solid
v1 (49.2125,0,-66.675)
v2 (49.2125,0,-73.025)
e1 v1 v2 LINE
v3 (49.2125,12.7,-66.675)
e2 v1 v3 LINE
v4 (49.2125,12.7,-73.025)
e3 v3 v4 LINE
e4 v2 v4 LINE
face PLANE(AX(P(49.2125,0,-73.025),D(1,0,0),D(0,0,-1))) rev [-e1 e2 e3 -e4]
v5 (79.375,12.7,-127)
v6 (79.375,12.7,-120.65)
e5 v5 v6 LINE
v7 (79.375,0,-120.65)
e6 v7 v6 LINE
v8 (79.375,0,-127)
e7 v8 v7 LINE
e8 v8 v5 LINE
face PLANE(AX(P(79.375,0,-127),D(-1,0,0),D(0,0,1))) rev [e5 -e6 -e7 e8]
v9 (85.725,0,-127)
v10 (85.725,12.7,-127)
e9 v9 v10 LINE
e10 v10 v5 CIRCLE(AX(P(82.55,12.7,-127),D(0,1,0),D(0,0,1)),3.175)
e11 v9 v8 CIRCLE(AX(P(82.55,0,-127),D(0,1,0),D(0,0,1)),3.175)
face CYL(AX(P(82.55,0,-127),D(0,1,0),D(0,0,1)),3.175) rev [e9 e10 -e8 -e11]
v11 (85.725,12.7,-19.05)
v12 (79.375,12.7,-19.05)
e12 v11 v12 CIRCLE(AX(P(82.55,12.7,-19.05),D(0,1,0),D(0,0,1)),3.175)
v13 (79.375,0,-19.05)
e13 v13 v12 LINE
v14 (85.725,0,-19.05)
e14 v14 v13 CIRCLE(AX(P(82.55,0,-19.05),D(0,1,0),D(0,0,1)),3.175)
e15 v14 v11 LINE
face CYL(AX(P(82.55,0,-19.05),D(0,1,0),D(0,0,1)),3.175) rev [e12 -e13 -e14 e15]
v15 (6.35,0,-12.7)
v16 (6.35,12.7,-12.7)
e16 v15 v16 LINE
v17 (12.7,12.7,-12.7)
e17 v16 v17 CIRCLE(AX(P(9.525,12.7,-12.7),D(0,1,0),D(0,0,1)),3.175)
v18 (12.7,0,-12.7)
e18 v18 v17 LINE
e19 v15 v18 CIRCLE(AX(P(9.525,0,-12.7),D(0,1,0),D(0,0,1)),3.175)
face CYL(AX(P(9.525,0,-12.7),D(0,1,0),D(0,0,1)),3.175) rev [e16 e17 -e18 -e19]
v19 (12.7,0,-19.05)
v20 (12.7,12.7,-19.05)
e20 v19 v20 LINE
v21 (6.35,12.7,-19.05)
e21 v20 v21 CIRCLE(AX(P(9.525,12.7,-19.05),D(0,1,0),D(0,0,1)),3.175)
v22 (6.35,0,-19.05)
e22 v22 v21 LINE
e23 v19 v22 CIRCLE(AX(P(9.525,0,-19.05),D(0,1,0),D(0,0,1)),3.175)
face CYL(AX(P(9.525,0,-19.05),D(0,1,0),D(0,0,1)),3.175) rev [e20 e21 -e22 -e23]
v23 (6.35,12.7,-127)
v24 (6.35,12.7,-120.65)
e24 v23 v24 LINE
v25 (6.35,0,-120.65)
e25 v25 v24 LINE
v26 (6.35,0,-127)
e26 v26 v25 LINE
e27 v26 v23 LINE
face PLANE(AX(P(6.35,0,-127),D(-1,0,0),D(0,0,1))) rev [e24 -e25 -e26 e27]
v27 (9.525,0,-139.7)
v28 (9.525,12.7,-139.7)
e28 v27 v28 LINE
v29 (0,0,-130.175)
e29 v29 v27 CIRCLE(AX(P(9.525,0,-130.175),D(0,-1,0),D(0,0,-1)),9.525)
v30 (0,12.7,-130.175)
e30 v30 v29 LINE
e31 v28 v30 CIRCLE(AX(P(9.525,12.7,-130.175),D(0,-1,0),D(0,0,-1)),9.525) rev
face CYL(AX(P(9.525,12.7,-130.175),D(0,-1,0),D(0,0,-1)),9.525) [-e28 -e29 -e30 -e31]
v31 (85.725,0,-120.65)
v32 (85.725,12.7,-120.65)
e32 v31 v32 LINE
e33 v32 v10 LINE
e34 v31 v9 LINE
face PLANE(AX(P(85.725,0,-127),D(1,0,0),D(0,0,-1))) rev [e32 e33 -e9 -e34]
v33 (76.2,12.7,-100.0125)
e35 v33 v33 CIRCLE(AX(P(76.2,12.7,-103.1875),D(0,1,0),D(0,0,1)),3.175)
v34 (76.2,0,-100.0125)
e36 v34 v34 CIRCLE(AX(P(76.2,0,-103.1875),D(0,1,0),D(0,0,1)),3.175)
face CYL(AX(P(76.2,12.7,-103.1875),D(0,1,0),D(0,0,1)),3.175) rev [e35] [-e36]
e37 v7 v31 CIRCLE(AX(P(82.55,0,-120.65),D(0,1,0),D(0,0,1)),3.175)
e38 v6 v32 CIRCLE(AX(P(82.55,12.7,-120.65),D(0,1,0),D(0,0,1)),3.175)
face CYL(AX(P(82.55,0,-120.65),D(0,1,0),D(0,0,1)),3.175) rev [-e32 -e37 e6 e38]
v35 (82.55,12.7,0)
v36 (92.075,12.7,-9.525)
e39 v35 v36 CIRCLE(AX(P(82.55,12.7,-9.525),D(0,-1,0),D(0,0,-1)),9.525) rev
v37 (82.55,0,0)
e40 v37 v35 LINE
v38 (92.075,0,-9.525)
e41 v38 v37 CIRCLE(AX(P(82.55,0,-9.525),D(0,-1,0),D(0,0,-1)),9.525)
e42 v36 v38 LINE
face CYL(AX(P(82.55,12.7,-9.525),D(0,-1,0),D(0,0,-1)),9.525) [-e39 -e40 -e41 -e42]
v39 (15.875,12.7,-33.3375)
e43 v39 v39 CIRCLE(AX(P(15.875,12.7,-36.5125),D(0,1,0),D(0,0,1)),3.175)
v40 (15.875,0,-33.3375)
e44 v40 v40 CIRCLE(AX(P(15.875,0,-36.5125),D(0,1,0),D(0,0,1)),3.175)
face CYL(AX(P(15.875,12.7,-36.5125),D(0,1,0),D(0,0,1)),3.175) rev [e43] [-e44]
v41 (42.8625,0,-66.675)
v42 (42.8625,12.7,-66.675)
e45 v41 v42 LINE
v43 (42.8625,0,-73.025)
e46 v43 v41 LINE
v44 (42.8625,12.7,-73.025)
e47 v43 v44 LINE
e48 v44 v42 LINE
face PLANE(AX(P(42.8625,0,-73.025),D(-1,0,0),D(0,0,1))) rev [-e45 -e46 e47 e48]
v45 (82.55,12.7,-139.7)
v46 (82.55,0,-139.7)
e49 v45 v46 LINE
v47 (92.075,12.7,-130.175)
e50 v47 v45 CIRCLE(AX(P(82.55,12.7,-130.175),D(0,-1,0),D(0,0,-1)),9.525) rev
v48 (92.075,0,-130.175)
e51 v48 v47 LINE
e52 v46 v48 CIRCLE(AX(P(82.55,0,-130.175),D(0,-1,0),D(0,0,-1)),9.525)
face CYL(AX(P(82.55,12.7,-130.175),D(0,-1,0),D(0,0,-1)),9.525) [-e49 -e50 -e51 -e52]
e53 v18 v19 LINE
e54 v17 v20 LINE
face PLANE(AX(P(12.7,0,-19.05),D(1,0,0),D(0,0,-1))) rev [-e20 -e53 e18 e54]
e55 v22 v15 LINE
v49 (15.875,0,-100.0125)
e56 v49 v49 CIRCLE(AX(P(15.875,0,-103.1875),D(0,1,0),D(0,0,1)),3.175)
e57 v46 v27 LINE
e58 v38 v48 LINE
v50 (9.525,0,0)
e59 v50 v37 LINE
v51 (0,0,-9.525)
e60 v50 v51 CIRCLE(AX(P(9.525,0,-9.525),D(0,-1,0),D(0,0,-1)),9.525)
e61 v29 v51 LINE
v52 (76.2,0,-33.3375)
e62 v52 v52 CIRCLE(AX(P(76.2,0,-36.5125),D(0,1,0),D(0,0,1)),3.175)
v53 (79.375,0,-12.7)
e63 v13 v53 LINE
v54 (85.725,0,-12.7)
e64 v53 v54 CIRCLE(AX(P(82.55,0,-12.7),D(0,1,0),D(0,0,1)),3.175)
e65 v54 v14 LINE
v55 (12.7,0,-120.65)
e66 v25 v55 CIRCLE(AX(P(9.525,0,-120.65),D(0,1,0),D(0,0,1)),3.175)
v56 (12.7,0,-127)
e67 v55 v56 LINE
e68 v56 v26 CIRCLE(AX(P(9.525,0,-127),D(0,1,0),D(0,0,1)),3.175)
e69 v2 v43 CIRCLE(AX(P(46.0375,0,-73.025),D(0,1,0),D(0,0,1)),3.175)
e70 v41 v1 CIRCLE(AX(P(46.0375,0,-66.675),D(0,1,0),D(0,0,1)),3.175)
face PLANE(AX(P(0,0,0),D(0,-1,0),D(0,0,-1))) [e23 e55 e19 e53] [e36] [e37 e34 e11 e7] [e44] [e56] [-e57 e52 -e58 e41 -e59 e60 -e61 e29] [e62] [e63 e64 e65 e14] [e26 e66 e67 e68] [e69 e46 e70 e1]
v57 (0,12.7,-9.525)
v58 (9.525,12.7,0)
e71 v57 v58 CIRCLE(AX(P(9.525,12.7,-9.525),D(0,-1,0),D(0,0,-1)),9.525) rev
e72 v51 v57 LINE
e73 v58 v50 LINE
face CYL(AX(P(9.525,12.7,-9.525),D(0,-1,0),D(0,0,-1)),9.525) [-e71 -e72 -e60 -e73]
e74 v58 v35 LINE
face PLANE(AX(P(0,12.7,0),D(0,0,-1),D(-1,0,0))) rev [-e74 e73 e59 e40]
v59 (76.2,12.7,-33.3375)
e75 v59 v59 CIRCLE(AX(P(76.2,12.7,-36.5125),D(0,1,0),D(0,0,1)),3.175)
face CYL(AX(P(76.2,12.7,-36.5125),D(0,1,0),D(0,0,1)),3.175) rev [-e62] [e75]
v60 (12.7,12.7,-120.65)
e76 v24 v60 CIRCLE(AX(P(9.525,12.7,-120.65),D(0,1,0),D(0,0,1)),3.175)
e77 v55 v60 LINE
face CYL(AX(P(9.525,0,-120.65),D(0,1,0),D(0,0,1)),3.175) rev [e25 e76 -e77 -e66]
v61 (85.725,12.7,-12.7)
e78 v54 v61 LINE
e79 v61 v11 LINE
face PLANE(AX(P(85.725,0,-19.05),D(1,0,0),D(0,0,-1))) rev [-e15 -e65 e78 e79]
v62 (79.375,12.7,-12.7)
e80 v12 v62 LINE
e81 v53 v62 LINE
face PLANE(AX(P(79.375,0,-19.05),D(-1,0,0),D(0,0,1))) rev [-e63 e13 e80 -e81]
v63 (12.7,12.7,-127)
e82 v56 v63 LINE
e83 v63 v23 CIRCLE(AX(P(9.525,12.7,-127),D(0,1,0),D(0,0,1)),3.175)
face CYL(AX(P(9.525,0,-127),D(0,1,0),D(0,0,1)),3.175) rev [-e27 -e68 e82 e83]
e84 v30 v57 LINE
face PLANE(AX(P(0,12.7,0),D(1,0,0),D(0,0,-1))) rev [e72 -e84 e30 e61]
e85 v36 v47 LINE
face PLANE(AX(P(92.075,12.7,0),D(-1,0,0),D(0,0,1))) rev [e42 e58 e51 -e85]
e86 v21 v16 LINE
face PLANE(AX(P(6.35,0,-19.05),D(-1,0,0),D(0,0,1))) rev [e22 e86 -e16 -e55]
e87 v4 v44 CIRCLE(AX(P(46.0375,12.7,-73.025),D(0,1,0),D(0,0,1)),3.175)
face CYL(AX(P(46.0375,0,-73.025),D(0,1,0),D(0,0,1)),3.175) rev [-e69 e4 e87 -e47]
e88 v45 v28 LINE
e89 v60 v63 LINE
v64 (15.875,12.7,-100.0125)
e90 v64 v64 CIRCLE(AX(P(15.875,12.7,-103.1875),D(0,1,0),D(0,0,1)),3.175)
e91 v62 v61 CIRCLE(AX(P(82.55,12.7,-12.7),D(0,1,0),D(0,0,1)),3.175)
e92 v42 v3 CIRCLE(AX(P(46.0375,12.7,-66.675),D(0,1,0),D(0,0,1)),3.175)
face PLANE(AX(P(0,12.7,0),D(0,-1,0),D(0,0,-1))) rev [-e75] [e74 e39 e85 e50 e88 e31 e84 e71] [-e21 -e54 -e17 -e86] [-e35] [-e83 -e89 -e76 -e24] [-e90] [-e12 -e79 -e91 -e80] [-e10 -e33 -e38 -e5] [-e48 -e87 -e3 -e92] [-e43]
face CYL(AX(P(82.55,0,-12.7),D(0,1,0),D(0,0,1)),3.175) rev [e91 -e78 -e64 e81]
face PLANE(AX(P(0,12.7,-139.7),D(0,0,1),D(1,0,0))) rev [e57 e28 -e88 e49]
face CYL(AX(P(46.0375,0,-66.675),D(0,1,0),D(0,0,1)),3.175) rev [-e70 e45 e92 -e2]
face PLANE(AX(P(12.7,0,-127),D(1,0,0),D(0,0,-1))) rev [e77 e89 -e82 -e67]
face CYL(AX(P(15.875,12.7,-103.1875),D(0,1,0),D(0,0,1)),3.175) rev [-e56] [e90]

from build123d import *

# Parameters (mm, degrees)
SKETCH1_W                   = 92.075
SKETCH1_H                   = 139.7
BOSS_EXTRUDE1_DEPTH         = 12.7
F_1_4_0_25_DIAMETER_HOLE1_D = 6.35
CUT_EXTRUDE1_DEPTH          = 12.7
FILLET1_R                   = 9.525


with BuildPart() as part:
    # Sketch1 → Boss-Extrude1 (new body)
    with BuildSketch(Plane(origin=(0, 0, 0), x_dir=(1, 0, 0), z_dir=(0, 1, 0))):
        with Locations((46.0375, 69.85)):
            Rectangle(SKETCH1_W, SKETCH1_H)
    extrude(amount=BOSS_EXTRUDE1_DEPTH)

    # 1/4 (0.25) Diameter Hole1 (through all)
    with Locations(Plane(origin=(0, 12.7, 0), x_dir=(1, 0, 0), z_dir=(0, 1, 0))):
        with Locations((76.2, 36.5125), (46.0375, 69.85), (76.2, 103.1875), (15.875, 36.5125), (15.875, 103.1875)):
            Hole(F_1_4_0_25_DIAMETER_HOLE1_D / 2)

    # Sketch7 → Cut-Extrude1 (cut)
    with BuildSketch(Plane(origin=(0, 12.7, 0), x_dir=(1, 0, 0), z_dir=(0, 1, 0))):
        with BuildLine():
            Line((12.7, 127), (12.7, 120.65))
            ThreePointArc((12.7, 120.65), (9.525, 117.475), (6.35, 120.65))
            Line((6.35, 120.65), (6.35, 127))
            ThreePointArc((6.35, 127), (9.525, 130.175), (12.7, 127))
        make_face()
    cut_extrude1 = extrude(amount=-CUT_EXTRUDE1_DEPTH, mode=Mode.SUBTRACT)

    # Sketch-Pattern1: Cut-Extrude1 at 4 more places
    with Locations((36.5125, 0, 53.975), (73.025, 0, 0), (73.025, 0, 107.95), (0, 0, 107.95)):
        add(cut_extrude1, mode=Mode.SUBTRACT)

    # Fillet1
    fillet1_edges = [part.edges().sort_by_distance(p)[0] for p in [
        (0, 6.35, -139.7),
        (92.075, 6.35, -139.7),
        (92.075, 6.35, 0),
        (0, 6.35, 0),
    ]]
    fillet(fillet1_edges, radius=FILLET1_R)


solid = part.part
